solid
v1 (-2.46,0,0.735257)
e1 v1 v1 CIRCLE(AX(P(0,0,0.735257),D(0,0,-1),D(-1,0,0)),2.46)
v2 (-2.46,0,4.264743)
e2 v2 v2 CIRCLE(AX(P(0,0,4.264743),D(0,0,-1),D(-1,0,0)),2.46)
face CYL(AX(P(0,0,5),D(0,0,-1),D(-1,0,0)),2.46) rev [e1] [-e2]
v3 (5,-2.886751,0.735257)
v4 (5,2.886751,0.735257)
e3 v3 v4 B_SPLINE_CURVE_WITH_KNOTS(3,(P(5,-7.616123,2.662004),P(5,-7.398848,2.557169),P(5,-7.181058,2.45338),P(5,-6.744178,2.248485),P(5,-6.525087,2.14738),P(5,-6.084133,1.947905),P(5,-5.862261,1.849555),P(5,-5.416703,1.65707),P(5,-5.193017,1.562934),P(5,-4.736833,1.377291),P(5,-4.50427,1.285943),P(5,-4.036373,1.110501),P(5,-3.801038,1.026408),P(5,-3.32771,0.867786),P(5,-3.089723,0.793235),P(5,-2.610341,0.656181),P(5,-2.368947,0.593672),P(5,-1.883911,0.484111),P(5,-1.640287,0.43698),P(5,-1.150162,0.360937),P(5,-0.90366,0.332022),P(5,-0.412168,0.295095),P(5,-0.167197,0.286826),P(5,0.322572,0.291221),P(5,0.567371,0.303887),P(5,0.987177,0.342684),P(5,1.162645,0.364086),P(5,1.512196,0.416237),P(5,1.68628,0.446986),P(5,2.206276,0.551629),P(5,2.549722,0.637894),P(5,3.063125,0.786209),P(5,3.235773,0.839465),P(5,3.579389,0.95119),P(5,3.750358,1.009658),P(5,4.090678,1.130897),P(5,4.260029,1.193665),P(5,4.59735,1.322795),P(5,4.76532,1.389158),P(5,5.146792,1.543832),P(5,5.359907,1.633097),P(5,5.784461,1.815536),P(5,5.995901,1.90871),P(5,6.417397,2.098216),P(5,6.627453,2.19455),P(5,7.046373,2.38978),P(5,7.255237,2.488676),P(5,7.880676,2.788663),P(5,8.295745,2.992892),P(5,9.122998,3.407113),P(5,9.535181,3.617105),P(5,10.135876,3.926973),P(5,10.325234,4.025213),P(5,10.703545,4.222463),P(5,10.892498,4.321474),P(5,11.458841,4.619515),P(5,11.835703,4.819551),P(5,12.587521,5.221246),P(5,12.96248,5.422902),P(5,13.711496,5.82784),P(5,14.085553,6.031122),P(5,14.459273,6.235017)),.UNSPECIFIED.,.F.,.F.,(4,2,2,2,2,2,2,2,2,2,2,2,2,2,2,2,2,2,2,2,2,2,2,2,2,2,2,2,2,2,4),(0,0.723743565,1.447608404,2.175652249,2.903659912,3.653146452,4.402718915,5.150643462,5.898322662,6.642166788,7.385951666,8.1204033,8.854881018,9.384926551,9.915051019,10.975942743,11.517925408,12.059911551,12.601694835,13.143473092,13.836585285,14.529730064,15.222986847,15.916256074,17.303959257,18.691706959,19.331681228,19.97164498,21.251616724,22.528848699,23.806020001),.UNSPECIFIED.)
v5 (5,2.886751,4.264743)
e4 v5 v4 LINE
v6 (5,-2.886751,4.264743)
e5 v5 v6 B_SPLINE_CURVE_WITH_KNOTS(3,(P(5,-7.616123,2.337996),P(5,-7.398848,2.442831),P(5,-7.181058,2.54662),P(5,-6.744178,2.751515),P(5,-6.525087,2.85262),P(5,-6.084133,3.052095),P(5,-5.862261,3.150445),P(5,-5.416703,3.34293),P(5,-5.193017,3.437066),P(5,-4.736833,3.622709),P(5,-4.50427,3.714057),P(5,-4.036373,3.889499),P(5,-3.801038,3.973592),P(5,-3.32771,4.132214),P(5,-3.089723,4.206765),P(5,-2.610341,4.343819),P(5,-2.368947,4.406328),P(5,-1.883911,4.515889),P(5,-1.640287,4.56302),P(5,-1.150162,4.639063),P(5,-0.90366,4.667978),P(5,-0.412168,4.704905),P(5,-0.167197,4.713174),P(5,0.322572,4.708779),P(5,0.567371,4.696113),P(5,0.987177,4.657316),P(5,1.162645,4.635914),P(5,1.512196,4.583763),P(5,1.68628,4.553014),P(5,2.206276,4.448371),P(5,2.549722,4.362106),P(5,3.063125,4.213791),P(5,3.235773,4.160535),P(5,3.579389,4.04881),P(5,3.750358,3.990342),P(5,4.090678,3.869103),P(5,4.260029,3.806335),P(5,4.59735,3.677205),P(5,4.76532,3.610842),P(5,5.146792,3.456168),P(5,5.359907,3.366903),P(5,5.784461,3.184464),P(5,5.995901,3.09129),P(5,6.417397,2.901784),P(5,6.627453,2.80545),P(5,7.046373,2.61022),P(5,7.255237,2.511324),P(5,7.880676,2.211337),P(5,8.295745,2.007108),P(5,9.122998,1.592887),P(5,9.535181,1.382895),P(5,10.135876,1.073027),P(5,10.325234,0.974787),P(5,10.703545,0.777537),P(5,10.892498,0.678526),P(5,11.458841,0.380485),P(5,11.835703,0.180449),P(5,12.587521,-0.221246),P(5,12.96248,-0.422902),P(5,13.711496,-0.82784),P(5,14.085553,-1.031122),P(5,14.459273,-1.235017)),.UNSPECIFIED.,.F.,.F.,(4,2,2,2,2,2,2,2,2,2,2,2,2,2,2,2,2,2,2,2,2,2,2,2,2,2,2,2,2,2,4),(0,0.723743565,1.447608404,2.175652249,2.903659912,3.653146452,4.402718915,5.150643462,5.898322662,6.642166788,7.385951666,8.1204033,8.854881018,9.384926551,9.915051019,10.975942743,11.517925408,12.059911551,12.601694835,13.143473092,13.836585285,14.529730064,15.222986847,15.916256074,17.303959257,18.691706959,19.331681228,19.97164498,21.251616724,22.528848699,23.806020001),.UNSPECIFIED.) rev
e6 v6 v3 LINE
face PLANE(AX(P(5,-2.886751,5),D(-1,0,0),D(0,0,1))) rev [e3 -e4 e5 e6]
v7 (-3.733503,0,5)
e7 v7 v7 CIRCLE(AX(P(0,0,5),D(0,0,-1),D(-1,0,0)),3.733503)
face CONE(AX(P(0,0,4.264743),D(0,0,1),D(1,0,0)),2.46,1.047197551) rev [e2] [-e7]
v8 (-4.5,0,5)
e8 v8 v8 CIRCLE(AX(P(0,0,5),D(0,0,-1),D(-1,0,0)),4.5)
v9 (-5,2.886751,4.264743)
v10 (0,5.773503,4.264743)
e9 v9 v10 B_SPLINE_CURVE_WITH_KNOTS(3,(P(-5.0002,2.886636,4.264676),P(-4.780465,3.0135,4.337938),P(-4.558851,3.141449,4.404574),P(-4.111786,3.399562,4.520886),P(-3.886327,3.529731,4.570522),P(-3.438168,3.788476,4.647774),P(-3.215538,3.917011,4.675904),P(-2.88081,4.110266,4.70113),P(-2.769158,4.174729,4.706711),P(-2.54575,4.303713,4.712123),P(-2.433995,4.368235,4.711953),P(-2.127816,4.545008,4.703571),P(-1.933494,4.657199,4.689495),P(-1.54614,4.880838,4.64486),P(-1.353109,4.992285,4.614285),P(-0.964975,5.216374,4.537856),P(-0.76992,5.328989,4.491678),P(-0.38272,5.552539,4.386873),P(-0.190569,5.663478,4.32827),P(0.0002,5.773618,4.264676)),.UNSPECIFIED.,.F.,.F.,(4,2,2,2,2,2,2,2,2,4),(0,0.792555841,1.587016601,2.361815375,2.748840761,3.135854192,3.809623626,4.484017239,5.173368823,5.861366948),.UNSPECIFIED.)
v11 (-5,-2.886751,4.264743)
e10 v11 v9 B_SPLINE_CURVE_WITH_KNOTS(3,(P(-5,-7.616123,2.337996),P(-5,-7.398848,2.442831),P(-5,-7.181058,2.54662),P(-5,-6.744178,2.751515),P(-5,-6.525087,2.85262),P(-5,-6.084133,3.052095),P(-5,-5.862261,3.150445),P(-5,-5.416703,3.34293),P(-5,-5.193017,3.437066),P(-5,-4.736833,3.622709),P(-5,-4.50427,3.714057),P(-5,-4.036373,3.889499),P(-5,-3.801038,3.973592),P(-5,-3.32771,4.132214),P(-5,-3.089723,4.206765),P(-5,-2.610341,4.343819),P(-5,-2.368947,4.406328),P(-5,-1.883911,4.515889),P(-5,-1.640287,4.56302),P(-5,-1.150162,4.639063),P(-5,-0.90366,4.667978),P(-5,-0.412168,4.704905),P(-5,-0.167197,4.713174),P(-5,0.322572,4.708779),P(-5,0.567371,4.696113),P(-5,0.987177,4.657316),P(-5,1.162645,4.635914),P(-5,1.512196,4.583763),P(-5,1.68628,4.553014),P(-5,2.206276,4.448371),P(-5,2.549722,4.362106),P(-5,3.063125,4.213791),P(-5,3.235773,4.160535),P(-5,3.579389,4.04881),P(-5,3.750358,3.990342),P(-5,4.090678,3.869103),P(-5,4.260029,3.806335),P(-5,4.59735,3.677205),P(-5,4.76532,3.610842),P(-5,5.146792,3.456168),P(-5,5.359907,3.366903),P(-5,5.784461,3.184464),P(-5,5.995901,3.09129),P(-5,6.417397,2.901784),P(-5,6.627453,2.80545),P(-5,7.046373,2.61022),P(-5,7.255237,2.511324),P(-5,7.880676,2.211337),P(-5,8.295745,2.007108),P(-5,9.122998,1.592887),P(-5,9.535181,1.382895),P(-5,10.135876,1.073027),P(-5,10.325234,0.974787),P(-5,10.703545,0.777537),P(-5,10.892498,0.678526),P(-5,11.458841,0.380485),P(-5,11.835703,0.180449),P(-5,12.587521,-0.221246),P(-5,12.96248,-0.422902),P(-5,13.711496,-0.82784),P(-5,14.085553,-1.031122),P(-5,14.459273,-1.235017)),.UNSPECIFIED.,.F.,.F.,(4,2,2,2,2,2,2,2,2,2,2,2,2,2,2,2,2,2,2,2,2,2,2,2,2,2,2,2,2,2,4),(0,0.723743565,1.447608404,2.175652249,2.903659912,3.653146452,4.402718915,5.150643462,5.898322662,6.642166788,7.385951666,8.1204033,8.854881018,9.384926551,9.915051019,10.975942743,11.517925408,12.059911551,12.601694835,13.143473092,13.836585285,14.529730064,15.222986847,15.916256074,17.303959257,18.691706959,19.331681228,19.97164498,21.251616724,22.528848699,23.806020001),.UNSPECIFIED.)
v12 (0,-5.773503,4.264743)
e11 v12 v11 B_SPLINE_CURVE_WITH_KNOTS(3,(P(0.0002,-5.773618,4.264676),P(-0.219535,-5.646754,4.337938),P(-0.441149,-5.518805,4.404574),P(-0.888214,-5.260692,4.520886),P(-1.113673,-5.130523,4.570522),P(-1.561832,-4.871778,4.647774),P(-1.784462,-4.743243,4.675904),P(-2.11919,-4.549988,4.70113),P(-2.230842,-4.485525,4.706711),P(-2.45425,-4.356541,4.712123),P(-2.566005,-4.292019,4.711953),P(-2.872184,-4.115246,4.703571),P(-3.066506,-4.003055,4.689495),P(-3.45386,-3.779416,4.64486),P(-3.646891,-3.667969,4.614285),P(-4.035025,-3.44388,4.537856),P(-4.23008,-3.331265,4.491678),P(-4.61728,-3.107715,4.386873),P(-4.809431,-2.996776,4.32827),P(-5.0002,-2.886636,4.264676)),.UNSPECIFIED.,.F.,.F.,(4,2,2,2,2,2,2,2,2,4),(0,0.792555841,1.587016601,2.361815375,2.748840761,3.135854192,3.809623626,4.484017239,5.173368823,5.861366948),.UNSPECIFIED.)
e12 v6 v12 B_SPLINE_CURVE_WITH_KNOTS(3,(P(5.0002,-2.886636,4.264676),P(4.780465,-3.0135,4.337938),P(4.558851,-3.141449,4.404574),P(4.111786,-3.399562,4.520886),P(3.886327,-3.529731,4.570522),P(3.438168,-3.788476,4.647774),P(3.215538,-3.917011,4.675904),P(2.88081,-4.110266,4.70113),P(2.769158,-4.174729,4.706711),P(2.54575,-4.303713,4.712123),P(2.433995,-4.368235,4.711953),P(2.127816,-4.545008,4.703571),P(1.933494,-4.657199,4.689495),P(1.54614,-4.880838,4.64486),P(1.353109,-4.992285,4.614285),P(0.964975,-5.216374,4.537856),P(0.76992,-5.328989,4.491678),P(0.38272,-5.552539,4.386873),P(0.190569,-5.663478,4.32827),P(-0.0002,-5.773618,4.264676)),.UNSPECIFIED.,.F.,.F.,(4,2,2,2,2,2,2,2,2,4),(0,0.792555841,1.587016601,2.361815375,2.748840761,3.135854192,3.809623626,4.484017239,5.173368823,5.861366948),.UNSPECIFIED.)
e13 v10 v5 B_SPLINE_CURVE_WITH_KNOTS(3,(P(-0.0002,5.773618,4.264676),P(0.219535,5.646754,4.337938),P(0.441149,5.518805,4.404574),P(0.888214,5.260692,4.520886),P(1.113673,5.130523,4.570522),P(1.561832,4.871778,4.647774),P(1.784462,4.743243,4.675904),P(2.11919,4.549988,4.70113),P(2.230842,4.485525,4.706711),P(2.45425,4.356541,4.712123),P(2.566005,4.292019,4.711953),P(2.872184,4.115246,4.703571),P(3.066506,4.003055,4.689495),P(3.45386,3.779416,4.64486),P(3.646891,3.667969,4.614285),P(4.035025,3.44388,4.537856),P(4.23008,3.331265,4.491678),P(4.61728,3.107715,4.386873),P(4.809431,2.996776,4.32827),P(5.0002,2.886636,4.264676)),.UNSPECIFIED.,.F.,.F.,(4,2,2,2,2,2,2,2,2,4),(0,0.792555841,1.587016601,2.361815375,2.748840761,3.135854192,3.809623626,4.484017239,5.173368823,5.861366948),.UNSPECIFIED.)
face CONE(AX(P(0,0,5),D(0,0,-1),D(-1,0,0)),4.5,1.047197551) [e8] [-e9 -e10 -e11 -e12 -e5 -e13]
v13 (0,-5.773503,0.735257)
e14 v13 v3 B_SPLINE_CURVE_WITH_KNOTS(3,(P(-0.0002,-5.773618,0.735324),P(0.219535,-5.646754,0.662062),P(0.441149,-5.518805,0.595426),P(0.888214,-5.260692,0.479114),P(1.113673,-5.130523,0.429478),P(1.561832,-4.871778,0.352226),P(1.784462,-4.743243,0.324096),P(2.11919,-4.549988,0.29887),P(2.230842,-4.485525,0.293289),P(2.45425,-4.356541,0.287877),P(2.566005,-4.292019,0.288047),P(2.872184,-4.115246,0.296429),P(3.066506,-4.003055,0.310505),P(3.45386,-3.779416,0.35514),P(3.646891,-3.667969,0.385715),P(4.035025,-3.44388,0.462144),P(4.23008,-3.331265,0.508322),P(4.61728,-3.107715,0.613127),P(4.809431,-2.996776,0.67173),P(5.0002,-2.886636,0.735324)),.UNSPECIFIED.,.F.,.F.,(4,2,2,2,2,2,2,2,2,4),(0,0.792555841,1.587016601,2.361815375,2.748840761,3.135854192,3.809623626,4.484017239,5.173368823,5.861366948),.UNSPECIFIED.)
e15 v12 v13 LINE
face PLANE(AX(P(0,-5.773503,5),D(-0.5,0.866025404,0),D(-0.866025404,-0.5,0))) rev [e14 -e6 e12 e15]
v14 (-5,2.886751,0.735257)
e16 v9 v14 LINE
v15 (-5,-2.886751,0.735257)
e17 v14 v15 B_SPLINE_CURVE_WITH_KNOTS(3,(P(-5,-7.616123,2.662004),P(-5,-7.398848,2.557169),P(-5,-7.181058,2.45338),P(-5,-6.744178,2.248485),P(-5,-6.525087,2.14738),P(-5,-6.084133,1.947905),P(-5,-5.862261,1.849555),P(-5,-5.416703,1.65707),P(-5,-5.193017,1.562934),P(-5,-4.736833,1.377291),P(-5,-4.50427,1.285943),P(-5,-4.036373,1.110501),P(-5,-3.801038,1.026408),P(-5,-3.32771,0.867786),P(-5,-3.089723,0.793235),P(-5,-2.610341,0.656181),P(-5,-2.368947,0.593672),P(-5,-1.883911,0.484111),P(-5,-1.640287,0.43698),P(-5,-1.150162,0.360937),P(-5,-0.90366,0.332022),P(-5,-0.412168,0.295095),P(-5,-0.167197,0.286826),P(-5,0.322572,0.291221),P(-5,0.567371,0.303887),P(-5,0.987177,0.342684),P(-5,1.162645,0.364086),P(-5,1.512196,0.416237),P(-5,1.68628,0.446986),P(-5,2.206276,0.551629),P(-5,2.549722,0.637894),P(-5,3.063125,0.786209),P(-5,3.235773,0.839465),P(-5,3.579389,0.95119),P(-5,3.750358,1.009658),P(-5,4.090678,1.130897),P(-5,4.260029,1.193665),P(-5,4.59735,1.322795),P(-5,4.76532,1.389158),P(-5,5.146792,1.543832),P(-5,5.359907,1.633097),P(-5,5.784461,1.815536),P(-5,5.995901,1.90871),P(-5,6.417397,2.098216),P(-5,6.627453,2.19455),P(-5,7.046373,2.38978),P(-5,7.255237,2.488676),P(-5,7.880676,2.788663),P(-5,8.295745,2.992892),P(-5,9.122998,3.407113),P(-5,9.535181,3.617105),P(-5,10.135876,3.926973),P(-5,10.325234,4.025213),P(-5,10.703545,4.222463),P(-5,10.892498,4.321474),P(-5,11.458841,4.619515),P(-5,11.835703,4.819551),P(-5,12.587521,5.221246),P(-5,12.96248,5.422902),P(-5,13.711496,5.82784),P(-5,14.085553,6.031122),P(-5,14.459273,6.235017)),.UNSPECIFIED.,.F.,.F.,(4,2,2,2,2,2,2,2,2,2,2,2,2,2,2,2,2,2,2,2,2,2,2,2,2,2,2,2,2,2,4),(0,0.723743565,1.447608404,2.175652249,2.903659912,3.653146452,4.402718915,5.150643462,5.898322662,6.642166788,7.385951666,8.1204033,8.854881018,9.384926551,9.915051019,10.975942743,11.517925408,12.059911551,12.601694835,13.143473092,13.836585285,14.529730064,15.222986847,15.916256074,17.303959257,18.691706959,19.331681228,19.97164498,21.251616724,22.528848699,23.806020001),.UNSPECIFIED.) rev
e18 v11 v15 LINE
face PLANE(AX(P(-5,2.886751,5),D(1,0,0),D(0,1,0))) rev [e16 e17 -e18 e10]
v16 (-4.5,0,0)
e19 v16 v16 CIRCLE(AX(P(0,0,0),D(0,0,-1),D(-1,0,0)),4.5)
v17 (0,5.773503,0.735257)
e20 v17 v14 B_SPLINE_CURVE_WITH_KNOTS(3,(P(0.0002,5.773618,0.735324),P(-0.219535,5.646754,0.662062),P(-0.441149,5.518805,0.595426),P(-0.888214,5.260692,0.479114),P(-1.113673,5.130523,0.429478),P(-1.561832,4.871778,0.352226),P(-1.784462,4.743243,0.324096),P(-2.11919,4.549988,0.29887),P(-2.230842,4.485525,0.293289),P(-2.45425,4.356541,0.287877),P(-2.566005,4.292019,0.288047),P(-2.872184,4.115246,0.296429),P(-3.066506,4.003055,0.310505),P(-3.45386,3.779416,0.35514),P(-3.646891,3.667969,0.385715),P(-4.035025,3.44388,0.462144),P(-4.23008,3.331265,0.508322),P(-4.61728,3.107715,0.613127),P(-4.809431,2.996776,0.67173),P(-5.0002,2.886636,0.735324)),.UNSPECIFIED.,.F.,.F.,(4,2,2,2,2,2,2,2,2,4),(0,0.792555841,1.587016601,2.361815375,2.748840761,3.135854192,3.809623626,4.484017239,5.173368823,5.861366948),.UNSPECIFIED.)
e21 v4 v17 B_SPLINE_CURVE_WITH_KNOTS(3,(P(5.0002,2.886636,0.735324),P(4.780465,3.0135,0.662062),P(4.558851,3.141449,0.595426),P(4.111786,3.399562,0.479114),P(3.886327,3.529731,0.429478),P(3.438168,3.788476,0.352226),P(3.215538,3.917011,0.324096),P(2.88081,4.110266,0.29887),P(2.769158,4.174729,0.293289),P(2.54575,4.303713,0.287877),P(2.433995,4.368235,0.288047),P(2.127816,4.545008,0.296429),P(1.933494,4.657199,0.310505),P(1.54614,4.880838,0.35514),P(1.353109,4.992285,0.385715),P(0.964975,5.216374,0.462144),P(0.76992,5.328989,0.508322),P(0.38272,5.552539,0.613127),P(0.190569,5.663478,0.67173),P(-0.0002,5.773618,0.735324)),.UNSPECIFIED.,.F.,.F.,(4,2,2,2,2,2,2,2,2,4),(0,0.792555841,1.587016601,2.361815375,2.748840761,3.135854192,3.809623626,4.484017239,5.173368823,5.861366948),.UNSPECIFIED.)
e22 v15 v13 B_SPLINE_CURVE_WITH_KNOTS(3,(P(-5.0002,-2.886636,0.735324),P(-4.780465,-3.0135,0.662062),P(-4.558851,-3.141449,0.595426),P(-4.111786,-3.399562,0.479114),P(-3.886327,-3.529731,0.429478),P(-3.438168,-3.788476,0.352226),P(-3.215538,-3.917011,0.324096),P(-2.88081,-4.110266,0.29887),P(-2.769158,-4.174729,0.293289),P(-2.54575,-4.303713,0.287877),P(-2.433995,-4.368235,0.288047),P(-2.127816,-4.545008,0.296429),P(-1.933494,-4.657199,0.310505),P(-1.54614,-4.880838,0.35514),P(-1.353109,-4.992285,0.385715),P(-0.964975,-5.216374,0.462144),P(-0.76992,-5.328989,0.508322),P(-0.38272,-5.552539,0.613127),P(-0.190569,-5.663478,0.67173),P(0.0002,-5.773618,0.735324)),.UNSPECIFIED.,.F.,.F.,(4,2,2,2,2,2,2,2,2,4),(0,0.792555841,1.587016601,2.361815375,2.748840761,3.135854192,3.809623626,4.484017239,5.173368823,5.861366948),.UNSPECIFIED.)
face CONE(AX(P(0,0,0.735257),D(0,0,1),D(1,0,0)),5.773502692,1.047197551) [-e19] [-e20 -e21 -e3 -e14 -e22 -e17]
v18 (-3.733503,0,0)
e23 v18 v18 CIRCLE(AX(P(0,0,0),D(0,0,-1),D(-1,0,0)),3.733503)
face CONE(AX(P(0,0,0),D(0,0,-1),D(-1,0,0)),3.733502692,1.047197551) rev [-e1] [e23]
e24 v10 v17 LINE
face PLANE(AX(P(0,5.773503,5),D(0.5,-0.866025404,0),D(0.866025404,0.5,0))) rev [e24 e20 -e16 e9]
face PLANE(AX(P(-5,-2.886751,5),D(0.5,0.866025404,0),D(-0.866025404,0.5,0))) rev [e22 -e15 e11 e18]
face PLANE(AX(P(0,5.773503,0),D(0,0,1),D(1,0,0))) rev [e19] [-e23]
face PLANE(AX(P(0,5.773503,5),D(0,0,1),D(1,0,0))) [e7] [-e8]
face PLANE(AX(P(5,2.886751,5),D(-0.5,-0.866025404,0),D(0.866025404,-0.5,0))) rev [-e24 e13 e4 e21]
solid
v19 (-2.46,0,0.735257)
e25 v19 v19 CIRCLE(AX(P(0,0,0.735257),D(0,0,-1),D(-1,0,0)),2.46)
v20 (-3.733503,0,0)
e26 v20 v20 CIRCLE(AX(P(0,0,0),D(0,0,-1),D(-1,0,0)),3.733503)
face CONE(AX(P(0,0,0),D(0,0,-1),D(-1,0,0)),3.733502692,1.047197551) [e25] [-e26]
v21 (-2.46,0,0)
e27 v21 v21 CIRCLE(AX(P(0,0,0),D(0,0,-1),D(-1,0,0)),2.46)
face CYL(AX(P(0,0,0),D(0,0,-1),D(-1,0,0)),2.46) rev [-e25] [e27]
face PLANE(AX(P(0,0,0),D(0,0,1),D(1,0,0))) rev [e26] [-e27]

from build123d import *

# Parameters (mm, degrees)
SKETCH_1_R        = 2.46
EXTRUDE_777_DEPTH = 5


with BuildPart() as part:
    # Эскиз1 → Extrude 777 (new body)
    with BuildSketch(Plane.XY):
        Polygon((0, 5.773502692), (-5, 2.886751346), (-5, -2.886751346), (0, -5.773502692), (5, -2.886751346), (5, 2.886751346), align=None)
        Circle(SKETCH_1_R, mode=Mode.SUBTRACT)
    extrude(amount=EXTRUDE_777_DEPTH)

    # Эскиз2 → Вырез-Повернуть1 (revolve, cut)
    with BuildSketch(Plane(origin=(0, 0, 0), x_dir=(0, 0, -1), z_dir=(1, 0, 0))):
        Polygon((-5, 4.5), (-5, 5.773502692), (-4.264742878, 5.773502692), align=None)
        Polygon((-4.264742878, 2.46), (-5, 2.46), (-5, 3.733502692), align=None)
        Polygon((0, 3.733502692), (0, 2.46), (-0.735257122, 2.46), align=None)
        Polygon((0, 4.5), (-0.735257122, 5.773502692), (0, 5.773502692), align=None)
    revolve(axis=Axis((0, 0, 0), (0, 0, 1)), mode=Mode.SUBTRACT)


with BuildPart() as body_2:
    # Эскиз2<3> → Revolve 1099 (revolve)
    with BuildSketch(Plane(origin=(0, 0, 0), x_dir=(0, 0, -1), z_dir=(1, 0, 0))):
        Polygon((0, 2.46), (0, 3.733502692), (-0.735257122, 2.46), align=None)
    revolve(axis=Axis((0, 0, 0), (0, 0, 1)))


solid = Compound([part.part, body_2.part])
